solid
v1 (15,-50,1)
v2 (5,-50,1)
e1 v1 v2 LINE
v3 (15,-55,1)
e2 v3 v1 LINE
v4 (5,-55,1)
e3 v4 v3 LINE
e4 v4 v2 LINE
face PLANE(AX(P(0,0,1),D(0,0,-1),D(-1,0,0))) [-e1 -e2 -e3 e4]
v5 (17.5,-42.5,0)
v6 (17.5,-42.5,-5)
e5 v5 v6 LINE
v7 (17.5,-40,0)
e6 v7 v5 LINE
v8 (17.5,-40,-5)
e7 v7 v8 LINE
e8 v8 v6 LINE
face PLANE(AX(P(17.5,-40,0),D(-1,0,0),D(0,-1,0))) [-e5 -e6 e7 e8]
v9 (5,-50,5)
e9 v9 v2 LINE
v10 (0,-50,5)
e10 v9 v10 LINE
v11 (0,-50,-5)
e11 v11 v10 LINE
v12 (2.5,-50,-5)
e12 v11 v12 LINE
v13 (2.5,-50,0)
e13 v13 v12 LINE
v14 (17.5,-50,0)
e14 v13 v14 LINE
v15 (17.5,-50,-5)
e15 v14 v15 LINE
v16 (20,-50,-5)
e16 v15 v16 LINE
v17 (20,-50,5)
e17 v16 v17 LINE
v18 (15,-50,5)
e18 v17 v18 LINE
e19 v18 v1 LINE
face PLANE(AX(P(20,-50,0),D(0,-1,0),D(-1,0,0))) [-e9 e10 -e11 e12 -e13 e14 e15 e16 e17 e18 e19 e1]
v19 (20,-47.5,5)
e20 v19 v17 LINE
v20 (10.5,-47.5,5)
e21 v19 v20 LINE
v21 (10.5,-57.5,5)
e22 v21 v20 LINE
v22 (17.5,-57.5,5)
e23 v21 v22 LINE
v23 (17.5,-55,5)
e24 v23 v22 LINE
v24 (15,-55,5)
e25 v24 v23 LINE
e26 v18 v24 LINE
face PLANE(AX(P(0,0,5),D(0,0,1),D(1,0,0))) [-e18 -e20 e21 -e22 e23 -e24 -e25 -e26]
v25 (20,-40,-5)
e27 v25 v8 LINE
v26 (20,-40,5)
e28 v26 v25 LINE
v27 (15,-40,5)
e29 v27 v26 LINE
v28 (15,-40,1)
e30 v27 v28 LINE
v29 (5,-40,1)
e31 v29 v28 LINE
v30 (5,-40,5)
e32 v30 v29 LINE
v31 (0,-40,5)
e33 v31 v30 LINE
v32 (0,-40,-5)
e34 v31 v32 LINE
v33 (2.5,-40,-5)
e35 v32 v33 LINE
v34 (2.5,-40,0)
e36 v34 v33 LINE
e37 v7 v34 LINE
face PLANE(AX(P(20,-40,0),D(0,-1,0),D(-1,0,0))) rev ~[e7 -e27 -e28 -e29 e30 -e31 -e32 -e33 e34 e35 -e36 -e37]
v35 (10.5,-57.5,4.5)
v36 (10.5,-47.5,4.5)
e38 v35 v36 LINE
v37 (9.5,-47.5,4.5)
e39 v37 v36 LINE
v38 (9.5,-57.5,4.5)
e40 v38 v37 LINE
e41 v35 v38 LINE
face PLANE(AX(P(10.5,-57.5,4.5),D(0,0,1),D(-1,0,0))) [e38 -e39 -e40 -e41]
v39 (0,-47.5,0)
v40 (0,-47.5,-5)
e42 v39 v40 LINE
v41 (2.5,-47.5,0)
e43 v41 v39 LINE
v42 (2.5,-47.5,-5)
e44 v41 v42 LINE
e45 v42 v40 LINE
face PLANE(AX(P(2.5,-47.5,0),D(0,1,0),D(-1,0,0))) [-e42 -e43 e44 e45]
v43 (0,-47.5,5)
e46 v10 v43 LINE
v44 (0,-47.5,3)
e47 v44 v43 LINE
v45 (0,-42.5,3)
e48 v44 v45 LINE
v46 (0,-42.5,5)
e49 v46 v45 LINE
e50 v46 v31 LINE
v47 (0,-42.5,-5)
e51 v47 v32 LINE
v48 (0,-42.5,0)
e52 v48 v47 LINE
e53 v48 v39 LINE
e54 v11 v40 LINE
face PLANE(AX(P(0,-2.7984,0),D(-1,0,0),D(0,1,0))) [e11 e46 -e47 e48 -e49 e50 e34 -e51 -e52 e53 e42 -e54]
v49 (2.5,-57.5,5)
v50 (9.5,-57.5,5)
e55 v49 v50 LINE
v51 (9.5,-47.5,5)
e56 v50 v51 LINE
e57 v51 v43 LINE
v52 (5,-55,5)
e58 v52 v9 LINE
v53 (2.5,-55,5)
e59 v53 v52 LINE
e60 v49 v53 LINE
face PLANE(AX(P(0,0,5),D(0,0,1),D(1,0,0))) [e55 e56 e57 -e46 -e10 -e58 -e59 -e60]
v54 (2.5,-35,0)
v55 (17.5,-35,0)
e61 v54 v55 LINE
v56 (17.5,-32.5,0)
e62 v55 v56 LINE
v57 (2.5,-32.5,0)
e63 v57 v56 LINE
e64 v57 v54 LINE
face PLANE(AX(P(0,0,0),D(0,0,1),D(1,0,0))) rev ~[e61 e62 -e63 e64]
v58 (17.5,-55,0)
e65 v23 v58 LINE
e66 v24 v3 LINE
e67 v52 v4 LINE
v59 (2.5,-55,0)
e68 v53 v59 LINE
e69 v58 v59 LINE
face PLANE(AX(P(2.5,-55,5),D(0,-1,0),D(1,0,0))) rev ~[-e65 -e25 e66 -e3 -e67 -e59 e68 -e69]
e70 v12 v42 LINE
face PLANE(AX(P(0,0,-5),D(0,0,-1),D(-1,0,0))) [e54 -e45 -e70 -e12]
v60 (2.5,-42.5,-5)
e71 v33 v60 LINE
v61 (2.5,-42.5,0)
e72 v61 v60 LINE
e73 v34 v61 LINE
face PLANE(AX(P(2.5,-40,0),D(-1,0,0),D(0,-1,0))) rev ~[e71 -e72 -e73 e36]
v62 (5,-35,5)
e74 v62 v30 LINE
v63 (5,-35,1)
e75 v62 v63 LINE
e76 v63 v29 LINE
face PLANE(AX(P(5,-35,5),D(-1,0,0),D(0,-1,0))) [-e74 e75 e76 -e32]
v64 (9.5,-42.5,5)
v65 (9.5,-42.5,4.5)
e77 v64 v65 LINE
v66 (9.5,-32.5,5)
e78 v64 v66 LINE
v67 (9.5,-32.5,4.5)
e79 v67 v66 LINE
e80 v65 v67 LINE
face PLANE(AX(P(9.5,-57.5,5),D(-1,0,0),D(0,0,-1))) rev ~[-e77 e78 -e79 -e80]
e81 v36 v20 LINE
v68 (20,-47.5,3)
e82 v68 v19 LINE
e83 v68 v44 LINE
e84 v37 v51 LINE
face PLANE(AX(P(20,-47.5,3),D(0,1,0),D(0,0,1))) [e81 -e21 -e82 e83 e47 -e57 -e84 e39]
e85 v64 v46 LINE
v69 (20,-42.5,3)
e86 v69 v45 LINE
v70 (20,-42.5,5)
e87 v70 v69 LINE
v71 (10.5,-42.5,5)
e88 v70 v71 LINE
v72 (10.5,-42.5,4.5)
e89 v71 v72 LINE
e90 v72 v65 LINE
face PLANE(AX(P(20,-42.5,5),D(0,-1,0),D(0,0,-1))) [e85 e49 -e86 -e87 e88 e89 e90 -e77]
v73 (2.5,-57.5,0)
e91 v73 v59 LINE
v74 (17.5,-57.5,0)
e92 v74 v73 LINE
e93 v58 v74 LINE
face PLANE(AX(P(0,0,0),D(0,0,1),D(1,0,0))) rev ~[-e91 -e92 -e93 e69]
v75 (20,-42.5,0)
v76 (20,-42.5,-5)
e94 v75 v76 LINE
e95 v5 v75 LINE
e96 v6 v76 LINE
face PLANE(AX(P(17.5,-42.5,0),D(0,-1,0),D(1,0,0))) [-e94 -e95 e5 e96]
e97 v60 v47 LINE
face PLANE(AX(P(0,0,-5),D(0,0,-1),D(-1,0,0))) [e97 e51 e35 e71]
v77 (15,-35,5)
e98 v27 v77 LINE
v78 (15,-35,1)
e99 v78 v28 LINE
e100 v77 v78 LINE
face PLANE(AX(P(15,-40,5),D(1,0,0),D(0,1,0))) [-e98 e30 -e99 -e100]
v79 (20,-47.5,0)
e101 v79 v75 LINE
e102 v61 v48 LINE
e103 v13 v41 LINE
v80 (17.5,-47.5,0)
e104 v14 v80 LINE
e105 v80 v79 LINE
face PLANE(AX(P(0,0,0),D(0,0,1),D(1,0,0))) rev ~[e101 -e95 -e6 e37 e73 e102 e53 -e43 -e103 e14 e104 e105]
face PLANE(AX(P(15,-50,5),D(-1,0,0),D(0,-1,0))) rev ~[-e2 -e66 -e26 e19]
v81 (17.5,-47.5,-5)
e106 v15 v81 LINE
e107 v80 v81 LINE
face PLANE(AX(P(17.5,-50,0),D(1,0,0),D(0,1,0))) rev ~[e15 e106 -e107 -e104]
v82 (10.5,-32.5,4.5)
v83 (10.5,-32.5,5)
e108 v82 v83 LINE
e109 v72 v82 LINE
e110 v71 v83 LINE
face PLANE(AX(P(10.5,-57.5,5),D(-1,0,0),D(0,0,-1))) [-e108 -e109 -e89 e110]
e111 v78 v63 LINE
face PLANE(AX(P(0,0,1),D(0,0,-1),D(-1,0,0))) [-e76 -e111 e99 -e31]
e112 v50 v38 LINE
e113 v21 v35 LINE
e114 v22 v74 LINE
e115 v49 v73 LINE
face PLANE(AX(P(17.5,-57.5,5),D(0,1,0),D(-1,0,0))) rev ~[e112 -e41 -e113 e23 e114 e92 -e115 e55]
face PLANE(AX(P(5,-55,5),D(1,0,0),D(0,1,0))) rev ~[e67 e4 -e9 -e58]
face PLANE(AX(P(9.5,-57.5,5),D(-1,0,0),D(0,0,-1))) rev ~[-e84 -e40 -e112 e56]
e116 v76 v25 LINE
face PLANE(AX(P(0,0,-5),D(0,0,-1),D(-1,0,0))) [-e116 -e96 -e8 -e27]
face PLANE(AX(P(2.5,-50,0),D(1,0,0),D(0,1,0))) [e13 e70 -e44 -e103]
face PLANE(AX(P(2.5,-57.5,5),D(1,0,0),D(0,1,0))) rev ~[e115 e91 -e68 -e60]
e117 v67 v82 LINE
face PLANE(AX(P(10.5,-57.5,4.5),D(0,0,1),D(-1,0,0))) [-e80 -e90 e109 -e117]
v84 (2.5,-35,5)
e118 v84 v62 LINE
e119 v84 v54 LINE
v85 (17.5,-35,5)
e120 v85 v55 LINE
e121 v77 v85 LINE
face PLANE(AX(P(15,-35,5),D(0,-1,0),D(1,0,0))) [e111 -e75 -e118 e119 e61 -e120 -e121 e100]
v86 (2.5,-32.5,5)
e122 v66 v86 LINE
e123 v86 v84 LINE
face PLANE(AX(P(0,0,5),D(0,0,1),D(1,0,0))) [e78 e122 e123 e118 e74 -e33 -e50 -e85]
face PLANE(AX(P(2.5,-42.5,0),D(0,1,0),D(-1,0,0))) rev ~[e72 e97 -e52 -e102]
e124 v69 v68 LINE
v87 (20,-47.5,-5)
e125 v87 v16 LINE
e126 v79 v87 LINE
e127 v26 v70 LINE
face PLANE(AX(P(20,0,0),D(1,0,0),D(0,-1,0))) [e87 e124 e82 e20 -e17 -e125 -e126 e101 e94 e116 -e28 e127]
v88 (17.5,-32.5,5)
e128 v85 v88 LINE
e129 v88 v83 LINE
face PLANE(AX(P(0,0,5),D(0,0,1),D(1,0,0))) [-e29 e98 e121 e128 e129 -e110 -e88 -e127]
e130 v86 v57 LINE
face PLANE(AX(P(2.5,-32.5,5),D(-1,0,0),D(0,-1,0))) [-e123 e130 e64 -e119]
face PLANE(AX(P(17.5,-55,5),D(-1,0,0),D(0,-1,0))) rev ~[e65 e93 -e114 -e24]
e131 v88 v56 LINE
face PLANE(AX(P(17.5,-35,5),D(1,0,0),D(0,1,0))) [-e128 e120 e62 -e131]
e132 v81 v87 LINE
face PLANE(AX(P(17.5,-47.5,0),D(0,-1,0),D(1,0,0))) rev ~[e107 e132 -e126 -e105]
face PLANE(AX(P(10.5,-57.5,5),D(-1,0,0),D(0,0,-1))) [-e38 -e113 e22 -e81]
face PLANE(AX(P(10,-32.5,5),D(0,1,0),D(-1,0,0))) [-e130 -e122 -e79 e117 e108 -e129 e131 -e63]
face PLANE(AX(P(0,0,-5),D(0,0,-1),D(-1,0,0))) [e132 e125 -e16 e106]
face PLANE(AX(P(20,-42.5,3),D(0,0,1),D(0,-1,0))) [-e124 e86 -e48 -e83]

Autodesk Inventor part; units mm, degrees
ref_plane "YZ Plane" through (0, 0, 0) normal (1, 0, 0) x (0, 1, 0)
ref_plane "XZ Plane" through (0, 0, 0) normal (0, 1, 0) x (-1, 0, 0)
ref_plane "XY Plane" through (0, 0, 0) normal (0, 0, 1) x (1, 0, 0)
sketch "Sketch1" plane through (0, 0, 0) normal (0, 0, 1) x (1, 0, 0)
  line L0 (0, 0) -> (20, 0)
  line L1 (20, 0) -> (20, -2.7984)
  line L2 (0, -2.7984) -> (0, 0)
  line L3 (0, 0) -> (20, 0)
  line L4 (20, 0) -> (20, -50)
  line L5 (20, -50) -> (0, -50)
  line L6 (0, -50) -> (0, 0)
  line L7 (0, 0) -> (5, 0)
  line L8 (0, -5) -> (0, 0)
  circle A0 centre (5, -5) radius 1.651
  line L9 (20, 0) -> (15, 0)
  line L10 (15, -5) -> (20, -5)
  line L11 (20, -5) -> (20, 0)
  circle A1 centre (15, -5) radius 1.651
  dimension "d1" = 20
  dimension "d2" = 50
  dimension "d6" = 5
  dimension "d7" = 5
  dimension "d9" = 3.302
extrude "Extrusion1" add sketch "Sketch1" along normal blind 5
sketch "Sketch2" plane through (0, 0, 5) normal (0, 0, 1) x (1, 0, 0)
  line L0 (20, 0) -> (0, 0) projected
  line L1 (10, 0) -> (5, 0)
  line L2 (5, 0) -> (5, 5)
  line L3 (5, 5) -> (10, 5)
  line L4 (10, 5) -> (10, 0)
  line L5 (10, 5) -> (2.5, 5)
  line L6 (2.5, 5) -> (2.5, 7.5)
  line L7 (2.5, 7.5) -> (10, 7.5)
  line L8 (10, 7.5) -> (10, 5)
  line L9 (2.5, 7.5) -> (17.5, 7.5)
  line L10 (17.5, 7.5) -> (17.5, 5)
  line L11 (17.5, 5) -> (2.5, 5)
  line L12 (2.5, 5) -> (2.5, 7.5)
  line L13 (10, 5) -> (15, 5)
  line L14 (15, 5) -> (15, 0)
  line L15 (15, 0) -> (10, 0)
  line L16 (10, 0) -> (10, 5)
  dimension "d12" = 5
  dimension "d13" = 5
  dimension "d14" = 7.5
  dimension "d15" = 2.5
  dimension "d16" = 15
  dimension "d17" = 2.5
  dimension "d18" = 5
  dimension "d19" = 5
extrude "Extrusion2" add sketch "Sketch2" against normal blind 5
sketch "Sketch3" plane through (0, 0, 0) normal (0, 0, -1) x (-1, 0, 0)
  line L0 (-5, 0) -> (-5, 5) projected
  line L1 (-5, 0) -> (-15, 0)
  line L2 (-15, 0) -> (-15, 5)
  line L3 (-15, 5) -> (-5, 5)
  line L4 (-5, 5) -> (-5, 0)
  point P0 (0, 0)
extrude "Extrusion3" cut sketch "Sketch3" against normal blind 1
sketch "Sketch4" plane through (0, 0, 0) normal (0, 0, -1) x (-1, 0, 0)
  line L0 (-5, 0) -> (0, 0) projected
  line L1 (-20, -50) -> (0, -50) projected
  line L2 (0, 0) -> (-20, 0)
  line L3 (-20, 0) -> (-20, -50)
  line L4 (-20, -50) -> (0, -50)
  line L5 (0, -50) -> (0, 0)
  line L6 (0, -50) -> (-5, -50)
  line L7 (-5, -50) -> (-5, -30)
  line L8 (-5, -30) -> (0, -30)
  line L9 (0, -30) -> (0, -50)
  line L10 (0, -50) -> (0, 0) projected
  line L11 (0, -50) -> (-5, -50)
  line L12 (-5, -50) -> (-5, -30)
  line L13 (-5, -30) -> (0, -30)
  line L14 (0, -30) -> (0, -50)
  line L15 (0, -50) -> (-20, -50)
  line L16 (-20, -50) -> (-20, -45)
  line L17 (-20, -45) -> (0, -45)
  line L18 (0, -45) -> (0, -50)
  dimension "d28" = 5
  dimension "d29" = 20
  dimension "d30" = 5
  dimension "d31" = 20
  dimension "d32" = 20
  dimension "d33" = 5
extrude "Extrusion4" add sketch "Sketch4" along normal blind 15 contours L17 L7 L1 L3 | L5 L1 L7 L17
sketch "Sketch5" plane through (0, 0, 5) normal (0, 0, 1) x (1, 0, 0)
  line L0 (20, -50) -> (20, 0) projected
  line L1 (20, 0) -> (0, 0)
  line L2 (0, 0) -> (0, -50)
  line L3 (0, -50) -> (20, -50)
  line L4 (20, -50) -> (20, 0)
  line L5 (10, -50) -> (15, -50)
  line L6 (15, -50) -> (15, -55)
  line L7 (15, -55) -> (10, -55)
  line L8 (10, -55) -> (10, -50)
  line L9 (15, -55) -> (5, -55)
  line L10 (5, -55) -> (5, -50)
  line L11 (5, -50) -> (15, -50)
  line L12 (15, -50) -> (15, -55)
  line L13 (10, -55) -> (17.5, -55)
  line L14 (17.5, -55) -> (17.5, -57.5)
  line L15 (17.5, -57.5) -> (10, -57.5)
  line L16 (10, -57.5) -> (10, -55)
  line L17 (17.5, -57.5) -> (2.5, -57.5)
  line L18 (2.5, -57.5) -> (2.5, -55)
  line L19 (2.5, -55) -> (17.5, -55)
  line L20 (17.5, -55) -> (17.5, -57.5)
  dimension "d36" = 5
  dimension "d37" = 5
  dimension "d38" = 10
  dimension "d39" = 5
  dimension "d40" = 7.5
  dimension "d41" = 2.5
  dimension "d42" = 15
  dimension "d43" = 2.5
extrude "Extrusion5" add sketch "Sketch5" against normal blind 5 contours L6 L7 L8 L3 | L8 L9 L10 L3 | L13 L14 L15 L16 L7 | L16 L17 L18 L19 L9
sketch "Sketch6" plane through (0, 0, 0) normal (0, 0, -1) x (-1, 0, 0)
  line L0 (-5, -55) -> (-5, -50) projected
  line L1 (-15, -50) -> (-5, -50) projected
  line L2 (-5, -55) -> (-15, -55)
  line L3 (-15, -55) -> (-15, -50)
  line L4 (-15, -50) -> (-5, -50)
  line L5 (-5, -50) -> (-5, -55)
  point P0 (0, 0)
extrude "Extrusion6" cut sketch "Sketch6" against normal blind 1
sketch "Sketch8" plane through (0, -45, 0) normal (0, 1, 0) x (1, 0, 0)
  line L0 (0, 15) -> (20, 15) projected
  line L1 (0, 15) -> (20, 15)
  line L2 (20, 15) -> (20, 0)
  line L3 (20, 0) -> (0, 0)
  line L4 (0, 0) -> (0, 15)
  line L5 (0, 0) -> (0, 15) projected
  line L6 (0, 7.5) -> (20, 7.5)
  line L7 (20, 0) -> (20, 15) projected
  line L8 (20, 0) -> (0, 15)
  line L9 (20, 15) -> (0, 0)
  line L10 (10, 7.5) -> (10, 15)
  line L11 (10, 7.5) -> (10, 0)
  line L12 (10, 7.5) -> (0, 0)
  line L13 (10, 7.5) -> (20, 0)
  line L14 (10, 7.5) -> (0, 15)
  line L15 (10, 7.5) -> (20, 15)
  circle A0 centre (5, 3.75) radius 1.651
  circle A1 centre (15, 3.75) radius 1.651
  circle A2 centre (15, 11.25) radius 1.651
  circle A3 centre (5, 11.25) radius 1.651
  dimension "d48" = 3.302
  dimension "d49" = 3.302
  dimension "d50" = 3.302
  dimension "d51" = 3.302
extrude "Extrusion7" cut sketch "Sketch8" against normal blind 5 contours A3 L8 | L8 A3 | A2 L9 | L9 A2 | A1 L8 | L8 A1 | A0 L9 | L9 A0
sketch "Sketch9" plane through (0, 0, 0) normal (0, 0, -1) x (-1, 0, 0)
  line L0 (6.3074, -39.8098) -> (-37.7059, -39.8098)
  line L1 (-37.7059, -39.8098) -> (-37.7059, -53.6211)
  line L2 (-37.7059, -53.6211) -> (6.3074, -53.6211)
  line L3 (6.3074, -53.6211) -> (6.3074, -39.8098)
  point P0 (0, 0)
extrude "Extrusion8" cut sketch "Sketch9" along normal blind 100
sketch "Sketch10" plane through (0, 0, 0) normal (0, 0, -1) x (-1, 0, 0)
  line L0 (0, 0) -> (0, -50) projected
  line L1 (-20, -50) -> (-20, 0) projected
  line L2 (0, -50) -> (-20, -50)
  line L3 (-20, -50) -> (-20, -40)
  line L4 (-20, -40) -> (0, -40)
  line L5 (0, -40) -> (0, -50)
  line L6 (-20, -40) -> (0, -40)
  line L7 (0, -40) -> (0, 19.6469)
  line L8 (0, 19.6469) -> (-20, 19.6469)
  line L9 (-20, 19.6469) -> (-20, -40)
  dimension "d56" = 10
extrude "Extrusion9" cut sketch "Sketch10" against normal blind 100 contours L0 L4 L1 L9 L8 L7
sketch "Sketch11" plane through (0, 0, 5) normal (0, 0, 1) x (1, 0, 0)
  line L0 (0, -40) -> (20, -40) projected
  line L1 (10, -40) -> (15, -40)
  line L2 (15, -40) -> (15, -35)
  line L3 (15, -35) -> (10, -35)
  line L4 (10, -35) -> (10, -40)
  line L5 (10, -35) -> (17.5, -35)
  line L6 (17.5, -35) -> (17.5, -32.5)
  line L7 (17.5, -32.5) -> (10, -32.5)
  line L8 (10, -32.5) -> (10, -35)
  line L9 (17.5, -32.5) -> (2.5, -32.5)
  line L10 (2.5, -32.5) -> (2.5, -35)
  line L11 (2.5, -35) -> (17.5, -35)
  line L12 (17.5, -35) -> (17.5, -32.5)
  line L13 (10, -35) -> (5, -35)
  line L14 (5, -35) -> (5, -40)
  line L15 (5, -40) -> (10, -40)
  line L16 (10, -40) -> (10, -35)
  point P0 (0, 0)
  dimension "d59" = 5
  dimension "d60" = 5
  dimension "d61" = 7.5
  dimension "d62" = 2.5
  dimension "d63" = 15
  dimension "d64" = 2.5
  dimension "d65" = 5
  dimension "d66" = 5
extrude "Extrusion10" add sketch "Sketch11" against normal blind 5
sketch "Sketch12" plane through (0, 0, 0) normal (0, 0, -1) x (-1, 0, 0)
  line L0 (-15, -35) -> (-15, -40) projected
  line L1 (-5, -40) -> (0, -40) projected
  line L2 (-15, -35) -> (-5, -35)
  line L3 (-5, -35) -> (-5, -40)
  line L4 (-5, -40) -> (-15, -40)
  line L5 (-15, -40) -> (-15, -35)
  point P0 (0, 0)
extrude "Extrusion11" cut sketch "Sketch12" against normal blind 1
sketch "Sketch13" plane through (20, -50, 5) normal (1, 0, 0) x (0, 0, -1)
  line L0 (5, 10) -> (0, 10) projected
  line L1 (0, 0) -> (5, 0) projected
  line L2 (5, 10) -> (0, 10)
  line L3 (0, 10) -> (0, 0)
  line L4 (0, 0) -> (5, 0)
  line L5 (5, 0) -> (5, 10)
  line L6 (0, 0) -> (0, 10) projected
  line L7 (0, 5) -> (2, 5)
  line L8 (2, 5) -> (2, 2.5)
  line L9 (2, 2.5) -> (0, 2.5)
  line L10 (0, 2.5) -> (0, 5)
  line L11 (2, 2.5) -> (0, 2.5)
  line L12 (0, 2.5) -> (0, 7.5)
  line L13 (0, 7.5) -> (2, 7.5)
  line L14 (2, 7.5) -> (2, 2.5)
  point P0 (5, 50)
  dimension "d71" = 2
  dimension "d72" = 2.5
  dimension "d73" = 5
extrude "Extrusion12" cut sketch "Sketch13" against normal blind 20 contours L13 L14 L7 L3 | L7 L8 L9 L3
sketch "Sketch14" plane through (0, 0, 0) normal (0, 0, -1) x (-1, 0, 0)
  line L0 (-20, -40) -> (-15, -40) projected
  line L1 (-20, -40) -> (-17.5, -40)
  line L2 (-17.5, -40) -> (-17.5, -42.5)
  line L3 (-17.5, -42.5) -> (-20, -42.5)
  line L4 (-20, -42.5) -> (-20, -40)
  line L5 (-15, -50) -> (-20, -50) projected
  line L6 (-20, -50) -> (-17.5, -50)
  line L7 (-17.5, -50) -> (-17.5, -47.5)
  line L8 (-17.5, -47.5) -> (-20, -47.5)
  line L9 (-20, -47.5) -> (-20, -50)
  line L10 (0, -50) -> (0, -40) projected
  line L11 (0, -40) -> (-2.5, -40)
  line L12 (-2.5, -40) -> (-2.5, -42.5)
  line L13 (-2.5, -42.5) -> (0, -42.5)
  line L14 (0, -42.5) -> (0, -40)
  line L15 (0, -50) -> (-2.5, -50)
  line L16 (-2.5, -50) -> (-2.5, -47.5)
  line L17 (-2.5, -47.5) -> (0, -47.5)
  line L18 (0, -47.5) -> (0, -50)
  point P0 (0, 0)
  dimension "d76" = 2.5
  dimension "d77" = 2.5
  dimension "d78" = 2.5
  dimension "d79" = 2.5
  dimension "d80" = 2.5
  dimension "d81" = 2.5
  dimension "d82" = 2.5
  dimension "d83" = 2.5
extrude "Extrusion13" add sketch "Sketch14" along normal blind 5
sketch "Sketch15" plane through (2.5, -57.5, 5) normal (0, -1, 0) x (1, 0, 0)
  line L0 (17.5, 0) -> (-2.5, 0) projected
  line L1 (7.5, 0) -> (7, 0)
  line L2 (7, 0) -> (7, -0.5)
  line L3 (7, -0.5) -> (7.5, -0.5)
  line L4 (7.5, -0.5) -> (7.5, 0)
  line L5 (7, 0) -> (8, 0)
  line L6 (8, 0) -> (8, -0.5)
  line L7 (8, -0.5) -> (7, -0.5)
  line L8 (7, -0.5) -> (7, 0)
  point P0 (-2.5, -5)
  dimension "d86" = 0.5
  dimension "d87" = 0.5
  dimension "d88" = 1
  dimension "d89" = 0.5
extrude "Extrusion14" cut sketch "Sketch15" against normal blind 500
properties part number "CableGuide"
